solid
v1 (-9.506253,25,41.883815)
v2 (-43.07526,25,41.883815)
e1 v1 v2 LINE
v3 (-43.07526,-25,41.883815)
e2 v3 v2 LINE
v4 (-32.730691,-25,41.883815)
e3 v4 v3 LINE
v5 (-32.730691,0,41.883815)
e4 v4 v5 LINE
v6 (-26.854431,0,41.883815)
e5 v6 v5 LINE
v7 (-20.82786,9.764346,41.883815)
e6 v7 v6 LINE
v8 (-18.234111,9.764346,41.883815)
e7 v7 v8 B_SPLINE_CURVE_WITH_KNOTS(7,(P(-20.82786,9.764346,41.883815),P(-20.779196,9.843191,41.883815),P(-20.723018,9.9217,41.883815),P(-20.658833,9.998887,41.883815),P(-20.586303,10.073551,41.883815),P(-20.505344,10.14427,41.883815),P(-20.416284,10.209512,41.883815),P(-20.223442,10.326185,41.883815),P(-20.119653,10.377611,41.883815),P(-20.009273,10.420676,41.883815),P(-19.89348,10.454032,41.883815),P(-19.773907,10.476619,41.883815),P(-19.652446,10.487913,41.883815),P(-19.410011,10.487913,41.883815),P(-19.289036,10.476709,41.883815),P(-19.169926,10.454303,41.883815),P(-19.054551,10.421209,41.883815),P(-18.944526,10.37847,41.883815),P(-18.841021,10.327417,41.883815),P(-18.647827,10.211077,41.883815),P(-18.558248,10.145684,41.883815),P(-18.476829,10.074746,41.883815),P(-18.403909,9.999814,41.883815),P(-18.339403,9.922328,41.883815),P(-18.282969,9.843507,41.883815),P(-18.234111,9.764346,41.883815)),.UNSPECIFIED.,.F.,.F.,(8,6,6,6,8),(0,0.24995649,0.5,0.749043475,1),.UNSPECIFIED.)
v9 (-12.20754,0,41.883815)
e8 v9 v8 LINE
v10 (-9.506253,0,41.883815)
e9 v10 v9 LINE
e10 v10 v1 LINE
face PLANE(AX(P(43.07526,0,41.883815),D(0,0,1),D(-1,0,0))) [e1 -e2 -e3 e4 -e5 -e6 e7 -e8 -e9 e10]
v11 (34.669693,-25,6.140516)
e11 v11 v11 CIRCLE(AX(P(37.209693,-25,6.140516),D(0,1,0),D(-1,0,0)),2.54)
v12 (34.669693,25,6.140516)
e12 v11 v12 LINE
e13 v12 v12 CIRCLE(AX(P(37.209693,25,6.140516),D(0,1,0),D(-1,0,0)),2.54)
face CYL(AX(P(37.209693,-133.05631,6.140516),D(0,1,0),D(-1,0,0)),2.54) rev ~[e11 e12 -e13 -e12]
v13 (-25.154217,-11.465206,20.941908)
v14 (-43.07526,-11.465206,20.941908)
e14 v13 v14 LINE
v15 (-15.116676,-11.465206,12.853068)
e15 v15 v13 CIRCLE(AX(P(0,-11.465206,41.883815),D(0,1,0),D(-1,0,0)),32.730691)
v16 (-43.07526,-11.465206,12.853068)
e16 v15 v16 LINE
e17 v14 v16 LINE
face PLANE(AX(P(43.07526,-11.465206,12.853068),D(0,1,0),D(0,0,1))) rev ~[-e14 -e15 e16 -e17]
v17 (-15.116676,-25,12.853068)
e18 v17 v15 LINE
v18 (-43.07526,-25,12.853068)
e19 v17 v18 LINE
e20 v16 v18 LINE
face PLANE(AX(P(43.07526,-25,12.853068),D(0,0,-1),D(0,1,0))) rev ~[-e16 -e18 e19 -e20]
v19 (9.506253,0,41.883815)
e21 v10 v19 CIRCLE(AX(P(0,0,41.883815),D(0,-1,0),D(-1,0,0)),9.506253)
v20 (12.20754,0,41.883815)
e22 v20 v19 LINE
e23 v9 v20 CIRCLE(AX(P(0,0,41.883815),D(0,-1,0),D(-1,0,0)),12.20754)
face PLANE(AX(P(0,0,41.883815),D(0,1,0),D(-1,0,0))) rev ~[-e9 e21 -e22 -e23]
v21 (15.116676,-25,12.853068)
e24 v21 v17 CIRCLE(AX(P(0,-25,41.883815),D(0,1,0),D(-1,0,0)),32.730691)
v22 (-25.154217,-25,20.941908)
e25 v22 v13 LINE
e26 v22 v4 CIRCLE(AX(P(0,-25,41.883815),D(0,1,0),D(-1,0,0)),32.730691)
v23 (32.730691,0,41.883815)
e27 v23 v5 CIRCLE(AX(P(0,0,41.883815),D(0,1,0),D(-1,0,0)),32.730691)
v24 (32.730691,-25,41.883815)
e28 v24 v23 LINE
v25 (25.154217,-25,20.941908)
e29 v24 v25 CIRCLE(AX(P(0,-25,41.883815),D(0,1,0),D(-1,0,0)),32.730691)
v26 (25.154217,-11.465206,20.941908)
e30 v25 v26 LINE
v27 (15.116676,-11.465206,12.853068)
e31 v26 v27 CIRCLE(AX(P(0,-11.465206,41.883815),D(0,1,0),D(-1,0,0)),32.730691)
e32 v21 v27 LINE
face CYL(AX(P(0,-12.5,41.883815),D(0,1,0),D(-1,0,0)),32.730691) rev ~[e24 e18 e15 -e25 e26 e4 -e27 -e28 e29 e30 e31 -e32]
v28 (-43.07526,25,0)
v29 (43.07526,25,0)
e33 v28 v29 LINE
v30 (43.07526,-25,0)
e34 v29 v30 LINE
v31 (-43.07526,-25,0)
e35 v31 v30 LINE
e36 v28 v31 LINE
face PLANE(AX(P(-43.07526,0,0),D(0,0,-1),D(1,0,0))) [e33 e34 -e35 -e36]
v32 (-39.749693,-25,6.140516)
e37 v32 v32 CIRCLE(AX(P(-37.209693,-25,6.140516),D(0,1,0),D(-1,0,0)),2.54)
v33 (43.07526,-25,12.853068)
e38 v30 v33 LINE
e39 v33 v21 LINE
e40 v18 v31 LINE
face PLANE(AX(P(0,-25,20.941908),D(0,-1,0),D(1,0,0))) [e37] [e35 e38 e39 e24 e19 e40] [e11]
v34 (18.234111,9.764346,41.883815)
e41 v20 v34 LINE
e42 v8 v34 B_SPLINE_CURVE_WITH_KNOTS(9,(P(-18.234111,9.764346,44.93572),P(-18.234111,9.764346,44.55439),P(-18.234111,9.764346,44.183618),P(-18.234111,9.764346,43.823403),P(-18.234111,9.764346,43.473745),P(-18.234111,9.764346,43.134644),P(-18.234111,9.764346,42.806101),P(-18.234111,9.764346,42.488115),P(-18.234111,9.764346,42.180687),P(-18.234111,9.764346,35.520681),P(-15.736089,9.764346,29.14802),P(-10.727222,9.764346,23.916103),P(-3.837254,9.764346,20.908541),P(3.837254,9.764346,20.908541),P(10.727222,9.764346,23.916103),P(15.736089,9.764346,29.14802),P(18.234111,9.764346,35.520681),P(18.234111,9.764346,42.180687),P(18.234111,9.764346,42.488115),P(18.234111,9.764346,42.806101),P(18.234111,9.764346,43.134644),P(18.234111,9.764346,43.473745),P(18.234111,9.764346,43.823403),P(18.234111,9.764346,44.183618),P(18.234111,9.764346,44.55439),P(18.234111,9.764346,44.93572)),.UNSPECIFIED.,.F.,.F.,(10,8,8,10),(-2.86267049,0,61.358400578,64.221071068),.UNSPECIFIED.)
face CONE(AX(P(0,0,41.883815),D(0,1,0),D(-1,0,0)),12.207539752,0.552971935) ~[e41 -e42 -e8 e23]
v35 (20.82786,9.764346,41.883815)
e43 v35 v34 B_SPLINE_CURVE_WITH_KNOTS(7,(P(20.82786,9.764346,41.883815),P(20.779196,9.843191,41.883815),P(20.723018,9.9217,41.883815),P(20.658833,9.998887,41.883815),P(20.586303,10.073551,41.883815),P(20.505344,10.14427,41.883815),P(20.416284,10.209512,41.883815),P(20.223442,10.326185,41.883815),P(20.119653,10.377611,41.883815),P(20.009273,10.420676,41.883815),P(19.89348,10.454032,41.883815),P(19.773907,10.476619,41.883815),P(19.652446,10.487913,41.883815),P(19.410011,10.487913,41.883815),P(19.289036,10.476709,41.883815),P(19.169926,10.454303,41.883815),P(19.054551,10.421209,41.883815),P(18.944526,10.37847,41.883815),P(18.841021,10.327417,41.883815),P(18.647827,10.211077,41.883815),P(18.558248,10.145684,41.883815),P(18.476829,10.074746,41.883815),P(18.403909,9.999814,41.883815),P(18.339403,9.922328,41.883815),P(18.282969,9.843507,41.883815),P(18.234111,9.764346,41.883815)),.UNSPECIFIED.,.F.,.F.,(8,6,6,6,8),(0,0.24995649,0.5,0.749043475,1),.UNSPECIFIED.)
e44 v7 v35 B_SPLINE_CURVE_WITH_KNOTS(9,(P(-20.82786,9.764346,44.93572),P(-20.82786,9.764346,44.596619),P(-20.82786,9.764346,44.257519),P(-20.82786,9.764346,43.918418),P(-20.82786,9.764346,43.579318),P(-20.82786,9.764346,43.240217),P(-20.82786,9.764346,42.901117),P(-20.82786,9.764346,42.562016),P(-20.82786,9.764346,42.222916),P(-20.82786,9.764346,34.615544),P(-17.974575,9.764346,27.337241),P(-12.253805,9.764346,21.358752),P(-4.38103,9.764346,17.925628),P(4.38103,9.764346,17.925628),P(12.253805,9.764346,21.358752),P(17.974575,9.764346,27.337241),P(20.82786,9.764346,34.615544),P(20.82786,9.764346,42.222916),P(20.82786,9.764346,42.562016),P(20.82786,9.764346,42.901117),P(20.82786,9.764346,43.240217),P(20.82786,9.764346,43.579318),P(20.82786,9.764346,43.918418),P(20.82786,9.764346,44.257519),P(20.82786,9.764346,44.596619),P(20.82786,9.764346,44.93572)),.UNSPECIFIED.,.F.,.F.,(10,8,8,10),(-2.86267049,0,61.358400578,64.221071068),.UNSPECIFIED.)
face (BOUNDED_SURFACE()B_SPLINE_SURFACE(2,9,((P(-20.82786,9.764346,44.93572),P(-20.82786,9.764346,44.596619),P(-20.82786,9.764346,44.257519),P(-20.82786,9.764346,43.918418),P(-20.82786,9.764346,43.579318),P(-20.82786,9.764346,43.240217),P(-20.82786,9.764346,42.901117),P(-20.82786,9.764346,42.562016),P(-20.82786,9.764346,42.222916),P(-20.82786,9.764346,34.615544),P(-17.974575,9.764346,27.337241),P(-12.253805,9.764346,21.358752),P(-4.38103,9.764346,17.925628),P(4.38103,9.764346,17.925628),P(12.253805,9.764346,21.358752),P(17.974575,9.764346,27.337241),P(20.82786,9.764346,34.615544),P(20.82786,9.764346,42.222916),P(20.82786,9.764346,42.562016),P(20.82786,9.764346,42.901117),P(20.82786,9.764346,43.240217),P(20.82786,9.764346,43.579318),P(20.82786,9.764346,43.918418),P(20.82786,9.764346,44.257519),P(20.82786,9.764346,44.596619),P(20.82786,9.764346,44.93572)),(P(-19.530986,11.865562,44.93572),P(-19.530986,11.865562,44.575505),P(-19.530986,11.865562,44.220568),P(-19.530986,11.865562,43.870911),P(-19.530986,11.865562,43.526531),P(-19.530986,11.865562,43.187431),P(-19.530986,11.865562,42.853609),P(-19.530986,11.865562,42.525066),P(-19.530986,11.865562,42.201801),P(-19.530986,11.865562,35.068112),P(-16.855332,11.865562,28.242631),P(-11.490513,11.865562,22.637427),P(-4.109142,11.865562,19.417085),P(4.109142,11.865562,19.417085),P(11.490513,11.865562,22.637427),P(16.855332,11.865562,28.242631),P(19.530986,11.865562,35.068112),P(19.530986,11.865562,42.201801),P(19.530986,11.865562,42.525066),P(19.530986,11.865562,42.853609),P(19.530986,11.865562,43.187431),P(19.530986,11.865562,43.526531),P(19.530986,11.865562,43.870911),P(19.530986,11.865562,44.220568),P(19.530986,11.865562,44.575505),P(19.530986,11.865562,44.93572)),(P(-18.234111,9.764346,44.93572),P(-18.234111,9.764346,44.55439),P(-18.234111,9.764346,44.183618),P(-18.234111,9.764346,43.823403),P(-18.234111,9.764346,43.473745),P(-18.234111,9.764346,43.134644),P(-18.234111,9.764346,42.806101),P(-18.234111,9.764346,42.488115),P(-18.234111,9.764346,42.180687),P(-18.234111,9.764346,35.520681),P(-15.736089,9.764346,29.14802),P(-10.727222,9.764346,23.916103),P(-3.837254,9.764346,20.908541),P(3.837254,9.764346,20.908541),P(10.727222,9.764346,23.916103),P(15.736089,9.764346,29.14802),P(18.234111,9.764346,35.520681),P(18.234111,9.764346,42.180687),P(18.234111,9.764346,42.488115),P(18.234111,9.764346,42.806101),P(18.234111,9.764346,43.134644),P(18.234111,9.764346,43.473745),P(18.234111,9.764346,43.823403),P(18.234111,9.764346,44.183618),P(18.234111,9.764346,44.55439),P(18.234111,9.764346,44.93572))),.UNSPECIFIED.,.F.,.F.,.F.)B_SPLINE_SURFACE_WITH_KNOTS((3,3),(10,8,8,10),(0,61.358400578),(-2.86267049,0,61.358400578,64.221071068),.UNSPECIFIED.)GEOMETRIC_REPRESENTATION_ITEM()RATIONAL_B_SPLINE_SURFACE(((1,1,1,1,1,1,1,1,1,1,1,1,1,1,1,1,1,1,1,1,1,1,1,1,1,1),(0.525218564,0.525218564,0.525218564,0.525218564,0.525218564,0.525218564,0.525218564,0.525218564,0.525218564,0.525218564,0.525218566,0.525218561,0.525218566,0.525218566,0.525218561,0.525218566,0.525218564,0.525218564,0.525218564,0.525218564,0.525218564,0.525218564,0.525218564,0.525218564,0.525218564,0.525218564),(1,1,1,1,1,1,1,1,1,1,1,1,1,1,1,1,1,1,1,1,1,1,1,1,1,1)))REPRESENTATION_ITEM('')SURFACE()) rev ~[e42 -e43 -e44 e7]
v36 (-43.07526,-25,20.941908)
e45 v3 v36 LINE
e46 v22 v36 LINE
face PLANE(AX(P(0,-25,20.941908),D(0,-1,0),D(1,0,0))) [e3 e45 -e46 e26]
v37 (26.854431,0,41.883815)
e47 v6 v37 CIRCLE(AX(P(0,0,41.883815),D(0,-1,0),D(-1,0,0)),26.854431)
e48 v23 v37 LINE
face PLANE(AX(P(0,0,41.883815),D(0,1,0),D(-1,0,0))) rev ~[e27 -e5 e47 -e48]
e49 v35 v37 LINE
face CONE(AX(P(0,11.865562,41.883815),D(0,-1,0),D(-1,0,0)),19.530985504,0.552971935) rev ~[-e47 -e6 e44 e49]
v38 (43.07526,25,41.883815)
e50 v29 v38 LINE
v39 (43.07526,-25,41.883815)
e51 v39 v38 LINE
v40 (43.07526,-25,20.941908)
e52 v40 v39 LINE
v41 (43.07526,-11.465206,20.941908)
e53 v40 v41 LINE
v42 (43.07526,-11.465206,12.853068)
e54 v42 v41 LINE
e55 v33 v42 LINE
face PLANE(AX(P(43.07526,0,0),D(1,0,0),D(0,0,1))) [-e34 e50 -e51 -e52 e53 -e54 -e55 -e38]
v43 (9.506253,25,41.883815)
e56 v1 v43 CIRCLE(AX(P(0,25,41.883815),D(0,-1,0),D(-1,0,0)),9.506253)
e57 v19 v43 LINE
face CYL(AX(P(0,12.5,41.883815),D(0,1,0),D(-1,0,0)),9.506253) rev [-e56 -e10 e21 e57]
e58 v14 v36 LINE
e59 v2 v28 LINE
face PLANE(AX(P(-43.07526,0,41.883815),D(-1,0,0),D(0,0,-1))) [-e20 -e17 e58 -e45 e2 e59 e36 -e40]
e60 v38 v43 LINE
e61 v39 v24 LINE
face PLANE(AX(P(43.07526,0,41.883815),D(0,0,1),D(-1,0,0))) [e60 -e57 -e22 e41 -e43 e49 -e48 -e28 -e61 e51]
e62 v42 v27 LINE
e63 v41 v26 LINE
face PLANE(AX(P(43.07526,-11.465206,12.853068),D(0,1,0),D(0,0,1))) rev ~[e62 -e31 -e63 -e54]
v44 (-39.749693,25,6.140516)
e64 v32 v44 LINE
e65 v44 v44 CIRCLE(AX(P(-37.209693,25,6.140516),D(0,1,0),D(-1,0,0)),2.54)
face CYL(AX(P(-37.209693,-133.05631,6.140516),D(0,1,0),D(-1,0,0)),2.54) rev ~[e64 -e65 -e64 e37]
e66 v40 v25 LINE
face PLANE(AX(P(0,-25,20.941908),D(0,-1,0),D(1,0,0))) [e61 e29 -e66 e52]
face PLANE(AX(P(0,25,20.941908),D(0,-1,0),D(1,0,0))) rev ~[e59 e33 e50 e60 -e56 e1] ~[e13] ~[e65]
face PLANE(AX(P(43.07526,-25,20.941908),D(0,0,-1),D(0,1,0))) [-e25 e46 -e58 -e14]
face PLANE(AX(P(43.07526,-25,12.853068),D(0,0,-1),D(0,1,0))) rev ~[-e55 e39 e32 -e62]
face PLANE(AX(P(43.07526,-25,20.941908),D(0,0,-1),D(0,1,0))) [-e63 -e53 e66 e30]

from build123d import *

# Parameters (mm, degrees)
F1_DEPTH = 25
F4_W     = 32.7306911349
F4_H     = 25
F6_R     = 1.524
F7_W     = 13.5347936116
F7_H     = 8.0888392404
F8_DEPTH = 86.1515196498
F9_W     = 9.5062525943
F9_H     = 25
F12_D    = 5.08


with BuildPart() as f1:
    # F0 (on Front) → F1 (new body, symmetric)
    with BuildSketch(Plane.XZ):
        Polygon((-43.0752597749, 41.8838150799), (-43.0752597749, 0), (0, 0), (43.0752597749, 0), (43.0752597749, 41.8838150799), align=None)
    extrude(amount=F1_DEPTH, both=True)

    # F2 (on face) → F3 (revolve, cut)
    with BuildSketch(Plane.XY.offset(41.8838150799)):
        Polygon((-19.5309855044, 11.865561828), (-26.8544312567, 0), (-12.2075397521, 0), align=None)
    revolve(axis=Axis((0, 0, 41.8838150799), (0, -1, 0)), mode=Mode.SUBTRACT)

    # F4 (on face) → F5 (revolve, cut)
    with BuildSketch(Plane.XY.offset(41.8838150799)):
        with Locations((-16.3653455675, -12.5)):
            Rectangle(F4_W, F4_H)
    revolve(axis=Axis((0, -12.5, 41.8838150799), (0, 1, 0)), mode=Mode.SUBTRACT)

    # F6
    f6_edges = [f1.edges().sort_by_distance(p)[0] for p in [
        (0, 11.865562, 22.35283),
    ]]
    fillet(f6_edges, radius=F6_R)

    # F7 (on face) → F8 (cut, through all)
    with BuildSketch(Plane.YZ.offset(43.0752597749)):
        with Locations((-18.2326031942, 16.8974879198)):
            Rectangle(F7_W, F7_H)
    extrude(amount=-F8_DEPTH, mode=Mode.SUBTRACT)

    # F9 (on face) → F10 (revolve, cut)
    with BuildSketch(Plane.XY.offset(41.8838150799)):
        with Locations((-4.7531262971, 12.5)):
            Rectangle(F9_W, F9_H)
    revolve(axis=Axis((0, 12.5, 41.8838150799), (0, -1, 0)), mode=Mode.SUBTRACT)

    # F12 (through all)
    with Locations(Plane.XZ.offset(25)):
        with Locations((-37.2096933424, 6.1405156739), (37.2096933424, 6.1405156739)):
            Hole(F12_D / 2)


solid = f1.part
